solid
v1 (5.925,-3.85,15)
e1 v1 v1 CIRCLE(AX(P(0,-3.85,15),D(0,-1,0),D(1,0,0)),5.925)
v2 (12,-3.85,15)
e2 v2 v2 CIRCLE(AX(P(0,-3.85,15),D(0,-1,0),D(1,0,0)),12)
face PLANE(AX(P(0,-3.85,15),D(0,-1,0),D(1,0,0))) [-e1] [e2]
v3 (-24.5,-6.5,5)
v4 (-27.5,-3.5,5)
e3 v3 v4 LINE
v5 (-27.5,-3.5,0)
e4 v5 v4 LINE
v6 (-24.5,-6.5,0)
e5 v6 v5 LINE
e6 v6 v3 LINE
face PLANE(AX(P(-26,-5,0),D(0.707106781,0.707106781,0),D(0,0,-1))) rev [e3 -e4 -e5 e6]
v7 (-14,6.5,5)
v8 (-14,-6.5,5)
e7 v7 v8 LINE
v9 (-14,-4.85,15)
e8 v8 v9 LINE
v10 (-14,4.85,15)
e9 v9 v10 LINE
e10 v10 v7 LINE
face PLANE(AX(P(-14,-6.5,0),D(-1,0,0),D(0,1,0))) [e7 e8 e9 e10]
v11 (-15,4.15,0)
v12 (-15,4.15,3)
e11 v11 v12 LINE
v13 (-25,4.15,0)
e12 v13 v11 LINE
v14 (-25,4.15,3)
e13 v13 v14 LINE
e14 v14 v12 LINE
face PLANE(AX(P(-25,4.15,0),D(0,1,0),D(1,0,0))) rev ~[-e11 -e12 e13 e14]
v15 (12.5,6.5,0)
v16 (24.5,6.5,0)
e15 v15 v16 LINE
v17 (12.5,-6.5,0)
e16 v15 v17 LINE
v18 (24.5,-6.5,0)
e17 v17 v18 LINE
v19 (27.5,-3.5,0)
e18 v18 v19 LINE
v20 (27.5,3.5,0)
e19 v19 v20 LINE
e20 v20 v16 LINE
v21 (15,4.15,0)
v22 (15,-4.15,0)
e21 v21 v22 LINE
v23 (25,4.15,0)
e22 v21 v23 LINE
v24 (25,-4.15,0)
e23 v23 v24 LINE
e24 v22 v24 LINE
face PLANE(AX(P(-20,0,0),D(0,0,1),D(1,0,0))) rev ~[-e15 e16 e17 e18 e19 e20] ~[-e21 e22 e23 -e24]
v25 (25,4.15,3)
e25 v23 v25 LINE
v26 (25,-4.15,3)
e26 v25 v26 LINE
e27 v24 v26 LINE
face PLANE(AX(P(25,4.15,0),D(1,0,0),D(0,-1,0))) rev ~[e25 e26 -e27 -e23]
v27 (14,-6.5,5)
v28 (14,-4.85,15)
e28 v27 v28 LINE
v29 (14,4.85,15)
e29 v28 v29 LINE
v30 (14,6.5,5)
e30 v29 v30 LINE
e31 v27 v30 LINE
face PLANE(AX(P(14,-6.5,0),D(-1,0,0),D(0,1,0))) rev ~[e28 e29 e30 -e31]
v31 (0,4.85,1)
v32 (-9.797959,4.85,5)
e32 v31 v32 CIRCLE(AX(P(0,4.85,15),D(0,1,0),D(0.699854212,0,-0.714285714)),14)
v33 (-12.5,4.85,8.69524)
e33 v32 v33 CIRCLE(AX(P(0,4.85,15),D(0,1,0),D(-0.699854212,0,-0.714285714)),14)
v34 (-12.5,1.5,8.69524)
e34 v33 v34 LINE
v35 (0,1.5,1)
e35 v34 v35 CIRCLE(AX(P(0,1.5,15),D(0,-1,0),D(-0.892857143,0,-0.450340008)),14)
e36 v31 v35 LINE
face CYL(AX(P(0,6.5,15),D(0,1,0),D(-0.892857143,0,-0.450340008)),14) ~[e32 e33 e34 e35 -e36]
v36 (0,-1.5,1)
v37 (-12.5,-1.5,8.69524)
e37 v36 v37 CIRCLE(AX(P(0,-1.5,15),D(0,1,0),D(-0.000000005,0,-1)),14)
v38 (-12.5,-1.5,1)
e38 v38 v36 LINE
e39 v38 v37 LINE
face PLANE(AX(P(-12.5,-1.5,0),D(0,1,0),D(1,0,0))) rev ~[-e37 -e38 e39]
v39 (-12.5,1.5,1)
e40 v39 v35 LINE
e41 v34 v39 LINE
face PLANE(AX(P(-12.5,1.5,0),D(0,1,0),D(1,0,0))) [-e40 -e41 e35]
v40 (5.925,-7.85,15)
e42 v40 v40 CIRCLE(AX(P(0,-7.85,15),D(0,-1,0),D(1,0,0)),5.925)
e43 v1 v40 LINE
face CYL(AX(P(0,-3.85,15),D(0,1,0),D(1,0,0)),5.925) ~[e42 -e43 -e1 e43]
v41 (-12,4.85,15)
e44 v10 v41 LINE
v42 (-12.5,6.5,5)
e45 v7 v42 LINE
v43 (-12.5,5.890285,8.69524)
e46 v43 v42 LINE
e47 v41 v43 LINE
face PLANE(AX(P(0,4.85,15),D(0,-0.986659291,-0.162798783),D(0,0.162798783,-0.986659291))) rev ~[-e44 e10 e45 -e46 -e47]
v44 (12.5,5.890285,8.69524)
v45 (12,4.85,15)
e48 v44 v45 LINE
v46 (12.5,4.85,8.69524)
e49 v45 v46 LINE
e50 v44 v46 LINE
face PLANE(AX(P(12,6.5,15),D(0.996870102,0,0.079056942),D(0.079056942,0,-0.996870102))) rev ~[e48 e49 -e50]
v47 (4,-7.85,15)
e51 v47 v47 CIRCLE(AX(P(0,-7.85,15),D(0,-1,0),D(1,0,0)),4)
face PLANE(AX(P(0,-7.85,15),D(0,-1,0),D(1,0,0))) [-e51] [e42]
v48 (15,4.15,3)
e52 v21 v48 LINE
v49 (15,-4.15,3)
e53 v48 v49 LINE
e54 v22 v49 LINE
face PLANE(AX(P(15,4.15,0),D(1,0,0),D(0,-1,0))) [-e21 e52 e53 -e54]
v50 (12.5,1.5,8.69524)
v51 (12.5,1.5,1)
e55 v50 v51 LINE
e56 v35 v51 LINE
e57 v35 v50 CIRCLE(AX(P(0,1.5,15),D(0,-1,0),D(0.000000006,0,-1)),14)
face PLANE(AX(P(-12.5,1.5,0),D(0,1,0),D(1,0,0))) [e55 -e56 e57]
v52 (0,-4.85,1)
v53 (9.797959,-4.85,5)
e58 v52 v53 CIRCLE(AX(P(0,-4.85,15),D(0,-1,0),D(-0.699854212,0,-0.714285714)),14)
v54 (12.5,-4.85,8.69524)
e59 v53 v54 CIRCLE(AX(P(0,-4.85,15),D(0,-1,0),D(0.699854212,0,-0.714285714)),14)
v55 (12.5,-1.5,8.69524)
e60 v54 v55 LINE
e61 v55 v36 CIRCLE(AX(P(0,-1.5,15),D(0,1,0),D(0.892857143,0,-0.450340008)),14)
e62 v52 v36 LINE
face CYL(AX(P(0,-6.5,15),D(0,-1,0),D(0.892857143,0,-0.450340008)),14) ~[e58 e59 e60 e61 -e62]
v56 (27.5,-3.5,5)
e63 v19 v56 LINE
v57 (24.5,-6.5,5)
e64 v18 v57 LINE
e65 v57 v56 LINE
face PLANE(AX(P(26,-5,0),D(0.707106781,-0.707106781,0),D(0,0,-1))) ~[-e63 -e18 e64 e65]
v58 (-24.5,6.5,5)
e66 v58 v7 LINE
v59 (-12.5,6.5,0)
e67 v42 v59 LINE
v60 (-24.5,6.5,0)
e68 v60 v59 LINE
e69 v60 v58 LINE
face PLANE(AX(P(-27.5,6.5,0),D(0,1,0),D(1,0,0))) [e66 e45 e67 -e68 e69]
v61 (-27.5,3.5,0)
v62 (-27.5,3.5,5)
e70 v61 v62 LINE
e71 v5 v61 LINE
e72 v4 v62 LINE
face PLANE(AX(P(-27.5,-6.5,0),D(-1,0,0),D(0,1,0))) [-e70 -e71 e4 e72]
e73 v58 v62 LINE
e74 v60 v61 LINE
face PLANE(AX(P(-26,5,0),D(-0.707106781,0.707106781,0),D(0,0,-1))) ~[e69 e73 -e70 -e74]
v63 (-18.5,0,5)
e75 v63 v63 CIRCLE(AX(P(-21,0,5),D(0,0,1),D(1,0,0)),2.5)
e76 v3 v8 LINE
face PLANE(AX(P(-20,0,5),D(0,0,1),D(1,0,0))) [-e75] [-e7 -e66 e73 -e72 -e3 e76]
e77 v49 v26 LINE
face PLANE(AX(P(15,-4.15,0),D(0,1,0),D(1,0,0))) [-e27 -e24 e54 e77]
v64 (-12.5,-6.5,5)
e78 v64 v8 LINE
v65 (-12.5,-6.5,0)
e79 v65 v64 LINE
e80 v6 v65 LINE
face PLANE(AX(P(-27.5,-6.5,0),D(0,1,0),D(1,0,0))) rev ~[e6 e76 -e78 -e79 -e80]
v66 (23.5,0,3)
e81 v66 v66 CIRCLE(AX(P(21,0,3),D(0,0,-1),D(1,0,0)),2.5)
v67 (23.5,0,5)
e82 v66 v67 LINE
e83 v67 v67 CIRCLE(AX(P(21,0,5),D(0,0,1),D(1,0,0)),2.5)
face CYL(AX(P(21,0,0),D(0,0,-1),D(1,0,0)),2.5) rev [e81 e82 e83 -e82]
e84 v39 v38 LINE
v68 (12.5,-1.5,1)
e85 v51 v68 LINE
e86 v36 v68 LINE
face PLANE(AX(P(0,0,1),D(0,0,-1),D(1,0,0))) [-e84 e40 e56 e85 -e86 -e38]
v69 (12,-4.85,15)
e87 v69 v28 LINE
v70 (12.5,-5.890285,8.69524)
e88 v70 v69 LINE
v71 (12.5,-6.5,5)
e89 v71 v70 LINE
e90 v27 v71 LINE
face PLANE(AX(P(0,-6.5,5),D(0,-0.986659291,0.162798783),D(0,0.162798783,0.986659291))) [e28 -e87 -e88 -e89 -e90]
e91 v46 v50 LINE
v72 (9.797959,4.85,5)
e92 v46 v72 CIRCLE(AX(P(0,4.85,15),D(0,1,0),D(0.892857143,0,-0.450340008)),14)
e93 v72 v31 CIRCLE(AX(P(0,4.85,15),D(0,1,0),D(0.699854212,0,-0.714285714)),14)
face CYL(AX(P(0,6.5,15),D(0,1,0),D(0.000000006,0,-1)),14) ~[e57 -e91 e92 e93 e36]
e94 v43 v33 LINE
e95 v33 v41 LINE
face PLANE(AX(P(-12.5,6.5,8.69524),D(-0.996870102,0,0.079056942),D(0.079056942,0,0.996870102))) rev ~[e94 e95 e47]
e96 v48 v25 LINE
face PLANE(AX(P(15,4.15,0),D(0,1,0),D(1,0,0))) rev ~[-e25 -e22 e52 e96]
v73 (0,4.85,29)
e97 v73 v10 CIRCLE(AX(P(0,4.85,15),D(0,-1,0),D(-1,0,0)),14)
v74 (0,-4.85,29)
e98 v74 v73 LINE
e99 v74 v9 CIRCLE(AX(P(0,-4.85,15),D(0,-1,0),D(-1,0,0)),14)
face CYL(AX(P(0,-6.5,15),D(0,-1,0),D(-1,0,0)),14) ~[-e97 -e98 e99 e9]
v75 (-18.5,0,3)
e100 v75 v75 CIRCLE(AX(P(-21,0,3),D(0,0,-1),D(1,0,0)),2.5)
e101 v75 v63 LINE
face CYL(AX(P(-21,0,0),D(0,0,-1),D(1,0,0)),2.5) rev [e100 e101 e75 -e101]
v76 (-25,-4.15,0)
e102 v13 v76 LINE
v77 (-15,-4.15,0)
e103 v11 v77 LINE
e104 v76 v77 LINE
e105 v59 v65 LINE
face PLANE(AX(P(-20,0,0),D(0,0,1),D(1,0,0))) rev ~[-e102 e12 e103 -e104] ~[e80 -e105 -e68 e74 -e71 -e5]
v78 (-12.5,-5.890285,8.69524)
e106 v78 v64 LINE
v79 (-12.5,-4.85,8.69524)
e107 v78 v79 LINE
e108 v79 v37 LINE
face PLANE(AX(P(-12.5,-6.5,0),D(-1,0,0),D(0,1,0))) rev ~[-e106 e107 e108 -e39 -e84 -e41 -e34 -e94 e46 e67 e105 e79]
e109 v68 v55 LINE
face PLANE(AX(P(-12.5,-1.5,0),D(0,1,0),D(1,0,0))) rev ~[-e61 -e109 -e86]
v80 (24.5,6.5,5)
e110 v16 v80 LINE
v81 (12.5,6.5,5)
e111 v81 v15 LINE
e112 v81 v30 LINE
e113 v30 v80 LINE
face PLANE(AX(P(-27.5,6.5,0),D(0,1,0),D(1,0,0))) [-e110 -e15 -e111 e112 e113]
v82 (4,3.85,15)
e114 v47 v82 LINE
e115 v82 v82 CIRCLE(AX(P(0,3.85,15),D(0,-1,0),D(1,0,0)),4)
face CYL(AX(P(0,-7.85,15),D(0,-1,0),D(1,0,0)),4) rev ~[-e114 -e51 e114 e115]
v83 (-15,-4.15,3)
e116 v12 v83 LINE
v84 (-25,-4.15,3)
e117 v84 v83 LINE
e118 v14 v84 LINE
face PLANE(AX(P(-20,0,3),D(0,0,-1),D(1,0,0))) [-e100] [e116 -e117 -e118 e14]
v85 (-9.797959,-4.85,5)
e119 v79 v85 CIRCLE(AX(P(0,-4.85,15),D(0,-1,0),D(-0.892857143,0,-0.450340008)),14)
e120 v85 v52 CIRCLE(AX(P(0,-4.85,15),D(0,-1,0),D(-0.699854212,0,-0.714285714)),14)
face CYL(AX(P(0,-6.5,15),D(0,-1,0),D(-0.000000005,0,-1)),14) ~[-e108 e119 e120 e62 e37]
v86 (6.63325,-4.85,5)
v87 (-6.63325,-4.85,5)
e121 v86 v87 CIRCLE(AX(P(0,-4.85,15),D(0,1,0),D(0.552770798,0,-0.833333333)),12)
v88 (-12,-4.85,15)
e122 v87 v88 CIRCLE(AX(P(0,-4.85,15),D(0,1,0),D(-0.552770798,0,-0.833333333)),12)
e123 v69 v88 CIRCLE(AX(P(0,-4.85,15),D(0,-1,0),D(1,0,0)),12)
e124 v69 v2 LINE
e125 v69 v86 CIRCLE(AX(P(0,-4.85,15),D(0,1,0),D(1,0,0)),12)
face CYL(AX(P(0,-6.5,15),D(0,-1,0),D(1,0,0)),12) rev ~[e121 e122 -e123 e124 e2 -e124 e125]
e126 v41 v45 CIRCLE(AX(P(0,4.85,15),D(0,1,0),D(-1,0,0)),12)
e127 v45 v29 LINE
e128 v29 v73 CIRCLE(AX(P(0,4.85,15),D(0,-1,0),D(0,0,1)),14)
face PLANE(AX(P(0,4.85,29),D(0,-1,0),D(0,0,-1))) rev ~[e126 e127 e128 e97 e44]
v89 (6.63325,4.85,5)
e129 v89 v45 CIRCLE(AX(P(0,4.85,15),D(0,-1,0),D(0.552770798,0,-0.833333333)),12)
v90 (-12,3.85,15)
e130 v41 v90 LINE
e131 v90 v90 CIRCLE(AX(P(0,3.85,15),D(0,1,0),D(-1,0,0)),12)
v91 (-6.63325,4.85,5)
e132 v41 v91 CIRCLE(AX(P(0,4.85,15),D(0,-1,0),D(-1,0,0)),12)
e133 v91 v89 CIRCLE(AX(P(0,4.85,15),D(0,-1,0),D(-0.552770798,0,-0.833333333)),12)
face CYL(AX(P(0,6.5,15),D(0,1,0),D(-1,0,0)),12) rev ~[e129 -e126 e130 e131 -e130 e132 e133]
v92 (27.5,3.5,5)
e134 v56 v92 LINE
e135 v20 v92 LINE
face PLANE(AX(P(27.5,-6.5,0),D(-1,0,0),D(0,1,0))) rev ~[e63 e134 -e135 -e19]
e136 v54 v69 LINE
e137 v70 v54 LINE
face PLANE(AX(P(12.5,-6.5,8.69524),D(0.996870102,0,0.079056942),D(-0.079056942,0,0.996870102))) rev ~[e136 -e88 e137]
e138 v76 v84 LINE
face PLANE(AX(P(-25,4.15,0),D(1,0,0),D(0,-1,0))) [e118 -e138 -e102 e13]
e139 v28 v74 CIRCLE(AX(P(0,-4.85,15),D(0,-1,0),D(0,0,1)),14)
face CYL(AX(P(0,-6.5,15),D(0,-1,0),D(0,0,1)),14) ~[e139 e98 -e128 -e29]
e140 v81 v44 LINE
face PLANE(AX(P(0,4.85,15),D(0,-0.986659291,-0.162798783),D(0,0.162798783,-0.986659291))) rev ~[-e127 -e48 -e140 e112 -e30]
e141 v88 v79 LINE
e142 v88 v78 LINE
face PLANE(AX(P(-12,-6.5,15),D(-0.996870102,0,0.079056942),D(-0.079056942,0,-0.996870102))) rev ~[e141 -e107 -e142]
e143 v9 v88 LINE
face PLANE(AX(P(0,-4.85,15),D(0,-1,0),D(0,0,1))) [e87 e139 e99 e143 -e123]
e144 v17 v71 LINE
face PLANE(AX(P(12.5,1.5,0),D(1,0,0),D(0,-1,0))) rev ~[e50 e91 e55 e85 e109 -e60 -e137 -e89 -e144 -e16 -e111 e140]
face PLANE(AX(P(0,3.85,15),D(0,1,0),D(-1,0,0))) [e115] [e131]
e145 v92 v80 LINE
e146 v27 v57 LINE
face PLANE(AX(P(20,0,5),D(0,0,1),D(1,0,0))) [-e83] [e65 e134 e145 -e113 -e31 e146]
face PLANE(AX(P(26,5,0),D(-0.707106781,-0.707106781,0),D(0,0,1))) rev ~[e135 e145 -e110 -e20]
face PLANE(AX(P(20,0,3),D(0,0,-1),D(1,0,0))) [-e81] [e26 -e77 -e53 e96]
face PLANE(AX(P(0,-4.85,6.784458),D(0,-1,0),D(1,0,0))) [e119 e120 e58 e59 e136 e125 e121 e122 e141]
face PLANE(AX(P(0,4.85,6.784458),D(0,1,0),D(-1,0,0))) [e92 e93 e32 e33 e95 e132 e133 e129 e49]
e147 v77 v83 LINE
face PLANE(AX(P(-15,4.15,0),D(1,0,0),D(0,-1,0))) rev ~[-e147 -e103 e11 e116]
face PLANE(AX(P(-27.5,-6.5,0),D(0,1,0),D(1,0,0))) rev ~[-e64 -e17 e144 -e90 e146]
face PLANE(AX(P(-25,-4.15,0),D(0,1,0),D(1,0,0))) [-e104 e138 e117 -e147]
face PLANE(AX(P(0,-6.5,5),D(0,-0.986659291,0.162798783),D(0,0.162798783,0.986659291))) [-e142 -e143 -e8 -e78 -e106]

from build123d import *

# Parameters (mm, degrees)
F0_W      = 15
F0_H      = 13
F0_R      = 2.5
F1_DEPTH  = 5
F2_W      = 28
F2_H      = 13
F3_DEPTH  = 29
F5_DEPTH  = 13.001
F6_W      = 25
F6_H      = 5
F7_DEPTH  = 1
F9_DEPTH  = 14
F10_R     = 12
F11_DEPTH = 2.65
F12_R     = 12
F13_DEPTH = 2.65
F14_R     = 5.925
F15_DEPTH = 4
F16_R     = 4
F17_DEPTH = 14.351
F19_SIZE  = 3
F21_DEPTH = 5
F23_DEPTH = 5
F24_W     = 25
F24_H     = 3
F25_DEPTH = 1
F27_DEPTH = 1.65
F29_DEPTH = 1.65
F30_W     = 10
F30_H     = 8.3
F31_DEPTH = 3


with BuildPart() as f1:
    # F0 (on Top) → F1 (new body)
    with BuildSketch(Plane.XY):
        with Locations((-20, 0)):
            Rectangle(F0_W, F0_H)
        with Locations((-21, 0)):
            Circle(F0_R, mode=Mode.SUBTRACT)
    extrude(amount=F1_DEPTH)


with BuildPart() as f1b:
    # F0 (on Top) → F1, piece 2 (new body)
    with BuildSketch(Plane.XY):
        with Locations((20, 0)):
            Rectangle(F0_W, F0_H)
        with Locations((21, 0)):
            Circle(F0_R, mode=Mode.SUBTRACT)
    extrude(amount=F1_DEPTH)


with BuildPart() as f3:
    # F2 (on Top) → F3 (new body)
    with BuildSketch(Plane.XY):
        Rectangle(F2_W, F2_H)
    extrude(amount=F3_DEPTH)

    # F4 (on face) → F5 (cut, through all)
    with BuildSketch(Plane.XZ.offset(6.5)):
        with BuildLine():
            ThreePointArc((-14, 15), (-9.8994949366, 24.8994949366), (0, 29))
            Line((0, 29), (-14, 29))
            Line((-14, 29), (-14, 15))
        make_face()
        with BuildLine():
            ThreePointArc((0, 29), (9.8994949366, 24.8994949366), (14, 15))
            Line((14, 15), (14, 29))
            Line((14, 29), (0, 29))
        make_face()
    extrude(amount=-F5_DEPTH, mode=Mode.SUBTRACT)

    # F6 (on face) → F7 (cut)
    with BuildSketch(Plane(origin=(0, 0, 0), x_dir=(1, 0, 0), z_dir=(0, 0, -1))):
        with Locations((0, 4)):
            Rectangle(F6_W, F6_H)
        with Locations((0, -4)):
            Rectangle(F6_W, F6_H)
    extrude(amount=-F7_DEPTH, mode=Mode.SUBTRACT)

    # F8 (on Right) → F9 (cut, symmetric)
    with BuildSketch(Plane.YZ):
        Polygon((-6.5, 29), (-6.5, 5), (-4.85, 15), (-4.85, 29), align=None)
        Polygon((4.85, 29), (4.85, 15), (6.5, 5), (6.5, 29), align=None)
    extrude(amount=F9_DEPTH, both=True, mode=Mode.SUBTRACT)

    # F10 (on face) → F11 (cut)
    with BuildSketch(Plane.XZ.offset(6.5)):
        with Locations((0, 15)):
            Circle(F10_R)
    extrude(amount=-F11_DEPTH, mode=Mode.SUBTRACT)

    # F12 (on face) → F13 (cut)
    with BuildSketch(Plane(origin=(0, 6.5, 0), x_dir=(-1, 0, 0), z_dir=(0, 1, 0))):
        with Locations((0, 15)):
            Circle(F12_R)
    extrude(amount=-F13_DEPTH, mode=Mode.SUBTRACT)

    # F14 (on face) → F15 (join)
    with BuildSketch(Plane.XZ.offset(3.85)):
        with Locations((0, 15)):
            Circle(F14_R)
    extrude(amount=F15_DEPTH)

    # F16 (on face) → F17 (cut, through all)
    with BuildSketch(Plane.XZ.offset(7.85)):
        with Locations((0, 15)):
            Circle(F16_R)
    extrude(amount=-F17_DEPTH, mode=Mode.SUBTRACT)


with BuildPart() as f1_1:
    add(f1.part)

    # F18: union F3, F1b
    add(f3.part)
    add(f1b.part)

    # F19
    f19_edges = [f1_1.edges().sort_by_distance(p)[0] for p in [
        (27.5, -6.5, 2.5),
        (27.5, 6.5, 2.5),
        (-27.5, -6.5, 2.5),
        (-27.5, 6.5, 2.5),
    ]]
    chamfer(f19_edges, length=F19_SIZE)

    # F20 (on face) → F21 (cut)
    with BuildSketch(Plane.XZ.offset(6.5)):
        with BuildLine():
            ThreePointArc((12.5, 8.6952398935), (7.3393922678, 3.0780319938), (-6.31e-08, 1))
            Line((-6.31e-08, 1), (12.5, 1))
            Line((12.5, 1), (12.5, 8.6952398935))
        make_face()
        with BuildLine():
            ThreePointArc((-6.31e-08, 1), (-7.3393923215, 3.0780320269), (-12.5, 8.6952398935))
            Line((-12.5, 8.6952398935), (-12.5, 1))
            Line((-12.5, 1), (-6.31e-08, 1))
        make_face()
    extrude(amount=-F21_DEPTH, mode=Mode.SUBTRACT)

    # F22 (on face) → F23 (cut)
    with BuildSketch(Plane(origin=(0, 6.5, 0), x_dir=(-1, 0, 0), z_dir=(0, 1, 0))):
        with BuildLine():
            ThreePointArc((12.5, 8.6952398935), (7.3393922574, 3.0780319875), (-8.75e-08, 1))
            Line((-8.75e-08, 1), (12.5, 1))
            Line((12.5, 1), (12.5, 8.6952398935))
        make_face()
        with BuildLine():
            ThreePointArc((-8.75e-08, 1), (-7.3393923319, 3.0780320333), (-12.5, 8.6952398935))
            Line((-12.5, 8.6952398935), (-12.5, 1))
            Line((-12.5, 1), (-8.75e-08, 1))
        make_face()
    extrude(amount=-F23_DEPTH, mode=Mode.SUBTRACT)

    # F24 (on face) → F25 (cut)
    with BuildSketch(Plane(origin=(0, 0, 0), x_dir=(1, 0, 0), z_dir=(0, 0, -1))):
        Rectangle(F24_W, F24_H)
    extrude(amount=-F25_DEPTH, mode=Mode.SUBTRACT)

    # F26 (on face) → F27 (cut)
    with BuildSketch(Plane.XZ.offset(6.5)):
        with BuildLine():
            ThreePointArc((-12.5, 8.6952398935), (-11.3010372549, 6.7364319472), (-9.7979589711, 5))
            ThreePointArc((-9.7979589711, 5), (0, 1), (9.7979589711, 5))
            ThreePointArc((9.7979589711, 5), (11.3010372549, 6.7364319472), (12.5, 8.6952398935))
            Line((12.5, 8.6952398935), (12, 15))
            ThreePointArc((12, 15), (10.5735281474, 9.3254513381), (6.6332495807, 5))
            ThreePointArc((6.6332495807, 5), (0, 3), (-6.6332495807, 5))
            ThreePointArc((-6.6332495807, 5), (-10.5735281474, 9.3254513381), (-12, 15))
            Line((-12, 15), (-12.5, 8.6952398935))
        make_face()
    extrude(amount=-F27_DEPTH, mode=Mode.SUBTRACT)

    # F28 (on face) → F29 (cut)
    with BuildSketch(Plane(origin=(0, 6.5, 0), x_dir=(-1, 0, 0), z_dir=(0, 1, 0))):
        with BuildLine():
            Line((-12, 15), (-12.5, 8.6952398935))
            ThreePointArc((-12.5, 8.6952398935), (-11.3010372549, 6.7364319472), (-9.7979589711, 5))
            ThreePointArc((-9.7979589711, 5), (0, 1), (9.7979589711, 5))
            ThreePointArc((9.7979589711, 5), (11.3010372549, 6.7364319472), (12.5, 8.6952398935))
            Line((12.5, 8.6952398935), (12, 15))
            ThreePointArc((12, 15), (10.5735281474, 9.3254513381), (6.6332495807, 5))
            ThreePointArc((6.6332495807, 5), (0, 3), (-6.6332495807, 5))
            ThreePointArc((-6.6332495807, 5), (-10.5735281474, 9.3254513381), (-12, 15))
        make_face()
    extrude(amount=-F29_DEPTH, mode=Mode.SUBTRACT)

    # F30 (on face) → F31 (cut)
    with BuildSketch(Plane(origin=(0, 0, 0), x_dir=(1, 0, 0), z_dir=(0, 0, -1))):
        with Locations((-20, 0)):
            Rectangle(F30_W, F30_H)
        with Locations((20, 0)):
            Rectangle(F30_W, F30_H)
    extrude(amount=-F31_DEPTH, mode=Mode.SUBTRACT)


solid = f1_1.part
